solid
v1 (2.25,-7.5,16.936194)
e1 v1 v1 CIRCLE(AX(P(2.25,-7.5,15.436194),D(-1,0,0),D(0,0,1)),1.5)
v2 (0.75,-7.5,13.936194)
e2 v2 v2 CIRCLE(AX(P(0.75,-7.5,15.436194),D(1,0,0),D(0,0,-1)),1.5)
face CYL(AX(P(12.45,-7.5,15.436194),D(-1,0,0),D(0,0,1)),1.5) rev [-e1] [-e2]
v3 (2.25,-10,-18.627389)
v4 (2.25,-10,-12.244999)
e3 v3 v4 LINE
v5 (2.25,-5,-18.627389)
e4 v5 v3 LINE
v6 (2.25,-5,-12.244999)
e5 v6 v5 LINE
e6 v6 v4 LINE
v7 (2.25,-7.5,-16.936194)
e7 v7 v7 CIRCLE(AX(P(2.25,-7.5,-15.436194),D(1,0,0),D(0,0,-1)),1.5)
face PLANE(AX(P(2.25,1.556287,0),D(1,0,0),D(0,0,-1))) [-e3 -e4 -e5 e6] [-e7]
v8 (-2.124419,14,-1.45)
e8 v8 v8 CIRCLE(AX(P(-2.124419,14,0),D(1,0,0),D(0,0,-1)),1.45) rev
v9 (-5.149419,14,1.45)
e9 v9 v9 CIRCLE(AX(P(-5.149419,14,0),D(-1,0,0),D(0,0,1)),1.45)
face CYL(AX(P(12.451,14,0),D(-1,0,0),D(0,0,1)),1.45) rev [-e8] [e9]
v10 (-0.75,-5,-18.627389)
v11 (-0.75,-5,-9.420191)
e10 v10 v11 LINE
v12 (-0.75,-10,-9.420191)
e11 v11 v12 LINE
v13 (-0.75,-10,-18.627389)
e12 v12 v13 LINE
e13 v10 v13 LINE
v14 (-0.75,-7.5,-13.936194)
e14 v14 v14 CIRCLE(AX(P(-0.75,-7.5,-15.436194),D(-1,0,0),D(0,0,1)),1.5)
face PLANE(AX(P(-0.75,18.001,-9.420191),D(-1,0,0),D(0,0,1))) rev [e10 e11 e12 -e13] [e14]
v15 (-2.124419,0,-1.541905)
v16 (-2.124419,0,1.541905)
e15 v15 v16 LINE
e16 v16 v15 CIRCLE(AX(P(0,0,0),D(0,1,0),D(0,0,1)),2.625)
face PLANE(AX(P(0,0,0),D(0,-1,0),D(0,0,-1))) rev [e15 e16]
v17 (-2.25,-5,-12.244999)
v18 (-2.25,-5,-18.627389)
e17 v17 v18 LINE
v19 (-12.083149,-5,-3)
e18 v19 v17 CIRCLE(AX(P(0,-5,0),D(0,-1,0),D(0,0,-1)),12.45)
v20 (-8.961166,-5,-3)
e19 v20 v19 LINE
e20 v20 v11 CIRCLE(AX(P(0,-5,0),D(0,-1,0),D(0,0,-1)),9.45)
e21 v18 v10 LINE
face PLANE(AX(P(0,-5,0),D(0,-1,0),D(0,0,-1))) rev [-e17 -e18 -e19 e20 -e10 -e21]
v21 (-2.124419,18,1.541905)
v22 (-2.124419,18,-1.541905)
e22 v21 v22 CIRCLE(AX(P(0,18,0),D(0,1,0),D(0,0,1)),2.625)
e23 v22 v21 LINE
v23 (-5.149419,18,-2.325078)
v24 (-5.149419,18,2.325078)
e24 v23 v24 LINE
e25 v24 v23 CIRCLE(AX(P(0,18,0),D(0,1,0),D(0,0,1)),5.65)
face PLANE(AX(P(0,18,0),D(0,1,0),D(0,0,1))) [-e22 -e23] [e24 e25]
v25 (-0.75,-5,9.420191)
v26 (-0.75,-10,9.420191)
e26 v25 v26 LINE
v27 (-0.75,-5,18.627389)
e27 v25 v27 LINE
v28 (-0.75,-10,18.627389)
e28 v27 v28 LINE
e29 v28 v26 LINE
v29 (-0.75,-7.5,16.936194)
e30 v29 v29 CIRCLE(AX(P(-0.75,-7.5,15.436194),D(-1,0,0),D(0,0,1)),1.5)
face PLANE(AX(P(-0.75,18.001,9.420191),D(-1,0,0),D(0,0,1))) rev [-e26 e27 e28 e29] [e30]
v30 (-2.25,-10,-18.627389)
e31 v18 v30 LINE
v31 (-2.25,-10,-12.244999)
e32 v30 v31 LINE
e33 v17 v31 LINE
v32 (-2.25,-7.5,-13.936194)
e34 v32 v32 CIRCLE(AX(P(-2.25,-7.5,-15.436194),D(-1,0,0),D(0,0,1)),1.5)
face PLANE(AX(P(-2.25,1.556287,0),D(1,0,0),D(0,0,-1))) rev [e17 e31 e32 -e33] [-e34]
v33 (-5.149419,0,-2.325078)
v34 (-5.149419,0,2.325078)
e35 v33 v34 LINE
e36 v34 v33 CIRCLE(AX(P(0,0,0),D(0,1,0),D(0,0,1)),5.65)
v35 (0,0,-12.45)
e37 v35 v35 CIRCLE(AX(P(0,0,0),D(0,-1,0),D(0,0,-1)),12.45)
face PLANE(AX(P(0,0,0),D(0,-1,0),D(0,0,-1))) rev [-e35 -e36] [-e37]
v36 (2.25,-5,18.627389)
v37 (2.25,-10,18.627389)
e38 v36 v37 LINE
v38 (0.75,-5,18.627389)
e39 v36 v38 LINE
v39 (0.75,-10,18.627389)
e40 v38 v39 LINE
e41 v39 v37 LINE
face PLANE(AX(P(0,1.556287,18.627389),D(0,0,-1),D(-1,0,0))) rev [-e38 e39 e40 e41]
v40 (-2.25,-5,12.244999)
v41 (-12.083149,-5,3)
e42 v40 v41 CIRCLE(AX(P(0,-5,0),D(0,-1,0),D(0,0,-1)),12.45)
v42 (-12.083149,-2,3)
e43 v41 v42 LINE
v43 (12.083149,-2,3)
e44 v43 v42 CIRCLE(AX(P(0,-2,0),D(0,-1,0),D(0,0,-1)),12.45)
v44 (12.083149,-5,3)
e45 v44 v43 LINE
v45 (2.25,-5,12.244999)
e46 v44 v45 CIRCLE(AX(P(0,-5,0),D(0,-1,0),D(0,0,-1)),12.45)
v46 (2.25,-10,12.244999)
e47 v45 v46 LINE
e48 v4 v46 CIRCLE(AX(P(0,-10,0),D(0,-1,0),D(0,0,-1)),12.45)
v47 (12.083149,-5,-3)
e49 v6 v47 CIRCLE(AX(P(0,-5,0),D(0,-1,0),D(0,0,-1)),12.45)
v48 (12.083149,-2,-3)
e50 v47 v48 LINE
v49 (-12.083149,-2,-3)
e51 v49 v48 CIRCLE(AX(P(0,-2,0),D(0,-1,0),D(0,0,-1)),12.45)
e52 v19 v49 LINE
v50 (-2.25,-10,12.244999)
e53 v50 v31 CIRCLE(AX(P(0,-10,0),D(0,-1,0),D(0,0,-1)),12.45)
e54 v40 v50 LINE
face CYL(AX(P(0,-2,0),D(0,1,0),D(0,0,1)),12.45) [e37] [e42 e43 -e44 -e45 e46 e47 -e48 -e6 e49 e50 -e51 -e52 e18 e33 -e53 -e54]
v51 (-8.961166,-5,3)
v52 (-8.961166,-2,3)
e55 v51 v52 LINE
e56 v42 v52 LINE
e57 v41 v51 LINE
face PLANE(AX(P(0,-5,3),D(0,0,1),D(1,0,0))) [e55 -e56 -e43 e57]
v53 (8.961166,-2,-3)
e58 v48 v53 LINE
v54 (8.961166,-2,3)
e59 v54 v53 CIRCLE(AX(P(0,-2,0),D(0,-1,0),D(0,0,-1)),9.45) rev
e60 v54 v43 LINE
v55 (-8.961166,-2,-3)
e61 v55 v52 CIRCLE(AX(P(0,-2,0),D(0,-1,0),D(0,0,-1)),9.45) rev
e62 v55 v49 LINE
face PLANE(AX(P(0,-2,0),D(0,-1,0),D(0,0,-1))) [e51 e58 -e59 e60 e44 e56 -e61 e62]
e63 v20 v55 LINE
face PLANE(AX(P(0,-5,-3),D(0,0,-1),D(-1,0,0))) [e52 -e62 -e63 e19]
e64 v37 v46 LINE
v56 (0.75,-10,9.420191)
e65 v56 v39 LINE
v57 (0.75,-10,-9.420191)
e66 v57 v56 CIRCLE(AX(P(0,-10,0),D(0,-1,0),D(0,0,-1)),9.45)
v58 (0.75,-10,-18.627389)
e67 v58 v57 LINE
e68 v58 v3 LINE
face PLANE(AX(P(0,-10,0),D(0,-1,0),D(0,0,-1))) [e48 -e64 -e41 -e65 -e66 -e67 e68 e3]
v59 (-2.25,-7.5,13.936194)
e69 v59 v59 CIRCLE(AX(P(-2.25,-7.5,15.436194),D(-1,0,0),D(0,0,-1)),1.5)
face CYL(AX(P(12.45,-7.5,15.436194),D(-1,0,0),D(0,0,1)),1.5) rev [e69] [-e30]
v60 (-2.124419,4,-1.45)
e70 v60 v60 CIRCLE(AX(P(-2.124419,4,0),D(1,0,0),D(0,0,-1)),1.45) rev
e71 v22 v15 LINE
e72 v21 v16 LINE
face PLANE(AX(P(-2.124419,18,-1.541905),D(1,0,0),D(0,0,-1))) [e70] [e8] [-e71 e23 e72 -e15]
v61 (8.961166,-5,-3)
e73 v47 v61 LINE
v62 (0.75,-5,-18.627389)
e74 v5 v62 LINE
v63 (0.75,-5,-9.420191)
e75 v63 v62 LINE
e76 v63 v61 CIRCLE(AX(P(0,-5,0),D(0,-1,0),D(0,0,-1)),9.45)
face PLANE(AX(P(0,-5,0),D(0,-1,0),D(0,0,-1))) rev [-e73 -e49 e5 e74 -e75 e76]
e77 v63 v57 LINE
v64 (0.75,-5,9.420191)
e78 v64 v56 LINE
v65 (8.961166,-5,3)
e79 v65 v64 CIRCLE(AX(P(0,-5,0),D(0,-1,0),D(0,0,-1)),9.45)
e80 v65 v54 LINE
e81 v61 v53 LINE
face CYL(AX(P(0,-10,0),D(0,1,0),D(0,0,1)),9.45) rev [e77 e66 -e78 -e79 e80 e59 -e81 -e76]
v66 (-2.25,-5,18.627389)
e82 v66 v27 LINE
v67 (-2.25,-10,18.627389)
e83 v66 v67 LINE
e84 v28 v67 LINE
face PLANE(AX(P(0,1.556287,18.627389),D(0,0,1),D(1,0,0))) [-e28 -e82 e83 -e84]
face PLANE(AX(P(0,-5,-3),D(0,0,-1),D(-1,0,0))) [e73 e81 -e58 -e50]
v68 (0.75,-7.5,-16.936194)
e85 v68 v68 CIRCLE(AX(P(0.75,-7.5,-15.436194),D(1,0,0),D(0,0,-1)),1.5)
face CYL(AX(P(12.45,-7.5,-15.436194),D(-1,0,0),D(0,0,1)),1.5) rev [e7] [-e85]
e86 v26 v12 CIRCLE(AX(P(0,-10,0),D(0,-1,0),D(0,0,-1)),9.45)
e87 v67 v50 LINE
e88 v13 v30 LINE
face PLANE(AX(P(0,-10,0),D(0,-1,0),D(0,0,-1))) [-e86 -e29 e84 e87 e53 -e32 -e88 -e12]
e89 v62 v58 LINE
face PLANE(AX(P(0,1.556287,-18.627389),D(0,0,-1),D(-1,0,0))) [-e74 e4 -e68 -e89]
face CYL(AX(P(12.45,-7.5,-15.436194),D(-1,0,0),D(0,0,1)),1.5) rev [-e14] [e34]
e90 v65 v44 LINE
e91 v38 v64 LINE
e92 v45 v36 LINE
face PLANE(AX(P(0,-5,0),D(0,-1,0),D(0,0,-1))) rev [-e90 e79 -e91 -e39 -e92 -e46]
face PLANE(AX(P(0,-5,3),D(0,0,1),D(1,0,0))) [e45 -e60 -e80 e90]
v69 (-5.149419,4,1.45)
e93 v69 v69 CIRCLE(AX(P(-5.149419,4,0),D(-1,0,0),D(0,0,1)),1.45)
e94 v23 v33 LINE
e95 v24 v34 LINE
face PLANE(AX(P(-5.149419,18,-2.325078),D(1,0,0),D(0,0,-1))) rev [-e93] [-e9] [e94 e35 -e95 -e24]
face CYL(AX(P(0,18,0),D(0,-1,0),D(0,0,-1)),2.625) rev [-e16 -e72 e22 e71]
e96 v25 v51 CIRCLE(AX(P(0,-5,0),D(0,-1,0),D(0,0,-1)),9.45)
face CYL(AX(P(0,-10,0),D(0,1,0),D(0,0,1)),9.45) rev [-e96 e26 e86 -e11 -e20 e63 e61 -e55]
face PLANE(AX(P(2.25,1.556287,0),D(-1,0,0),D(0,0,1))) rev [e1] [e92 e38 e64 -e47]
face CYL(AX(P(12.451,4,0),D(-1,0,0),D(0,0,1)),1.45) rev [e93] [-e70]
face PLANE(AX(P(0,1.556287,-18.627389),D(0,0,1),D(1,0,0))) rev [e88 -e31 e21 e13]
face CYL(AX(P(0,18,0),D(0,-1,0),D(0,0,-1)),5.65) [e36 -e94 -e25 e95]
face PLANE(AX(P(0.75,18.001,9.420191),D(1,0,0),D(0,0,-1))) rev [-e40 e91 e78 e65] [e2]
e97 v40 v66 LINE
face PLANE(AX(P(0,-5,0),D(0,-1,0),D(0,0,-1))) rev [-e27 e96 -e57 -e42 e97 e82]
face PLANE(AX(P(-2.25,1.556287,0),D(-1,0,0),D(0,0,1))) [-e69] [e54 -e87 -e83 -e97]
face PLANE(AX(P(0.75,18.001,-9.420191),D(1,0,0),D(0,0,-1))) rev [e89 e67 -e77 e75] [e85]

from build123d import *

# Parameters (mm, degrees)
BOSS_EXTRUDE1_DEPTH = 18
SKETCH2_R           = 12.45
SKETCH2_R_2         = 9.45
BOSS_EXTRUDE2_DEPTH = 10
SKETCH3_R           = 12.45
BOSS_EXTRUDE3_DEPTH = 2
CUT_EXTRUDE1_REACH  = 30.085
SKETCH4_R           = 1.45
CUT_EXTRUDE2_START  = -8
CUT_EXTRUDE2_DEPTH  = 3
CUT_EXTRUDE3_REACH  = 35.076
BOSS_EXTRUDE4_START = -5
BOSS_EXTRUDE4_DEPTH = 5
SKETCH8_R           = 1.5
CUT_EXTRUDE4_DEPTH  = 30.783714089


with BuildPart() as part:
    # Sketch1 → Boss-Extrude1 (new body)
    with BuildSketch(Plane(origin=(0, 0, 0), x_dir=(1, 0, 0), z_dir=(0, 1, 0))):
        with BuildLine():
            Line((-5.149418526, 2.325078245), (-5.149418526, -2.325078245))
            ThreePointArc((-5.149418526, -2.325078245), (5.65, 0), (-5.149418526, 2.325078245))
        make_face()
        with BuildLine():
            Line((-2.124418526, 1.541904967), (-2.124418526, -1.541904967))
            ThreePointArc((-2.124418526, -1.541904967), (2.625, 0), (-2.124418526, 1.541904967))
        make_face(mode=Mode.SUBTRACT)
    extrude(amount=BOSS_EXTRUDE1_DEPTH)



with BuildPart() as body_2:
    # Sketch2 → Boss-Extrude2 (new body)
    with BuildSketch(Plane.XZ):
        with Locations(Location((0, 0, 0), (0, 0, 270))):
            Circle(SKETCH2_R)
        with Locations(Location((0, 0, 0), (0, 0, 270))):
            Circle(SKETCH2_R_2, mode=Mode.SUBTRACT)
    extrude(amount=BOSS_EXTRUDE2_DEPTH)


with BuildPart() as part_1:
    add(part.part)

    add(body_2.part)  # Boss-Extrude3 merges body 2
    # Sketch3 → Boss-Extrude3 (add)
    with BuildSketch(Plane.XZ):
        with Locations(Location((0, 0, 0), (0, 0, 270))):
            Circle(SKETCH3_R)
    extrude(amount=BOSS_EXTRUDE3_DEPTH)

    # Sketch4 → Cut-Extrude1 (cut, up to next)
    with BuildSketch(Plane.ZY.offset(5.149418526), mode=Mode.PRIVATE) as cut_extrude1_sk1:
        with Locations((0, 14)):
            Circle(SKETCH4_R)
    cut_extrude1_tool1 = extrude(cut_extrude1_sk1.sketch, amount=-CUT_EXTRUDE1_REACH, mode=Mode.PRIVATE) & part_1.part
    # Sketch4 → Cut-Extrude1 (cut, up to next)
    with BuildSketch(Plane.ZY.offset(5.149418526), mode=Mode.PRIVATE) as cut_extrude1_sk2:
        with Locations((0, 4)):
            Circle(SKETCH4_R)
    cut_extrude1_tool2 = extrude(cut_extrude1_sk2.sketch, amount=-CUT_EXTRUDE1_REACH, mode=Mode.PRIVATE) & part_1.part
    add(cut_extrude1_tool1.solids().sort_by_distance((-5.149419, 14, 0))[0], mode=Mode.SUBTRACT)
    add(cut_extrude1_tool2.solids().sort_by_distance((-5.149419, 4, 0))[0], mode=Mode.SUBTRACT)

    # Sketch5 → Cut-Extrude2 (cut)
    with BuildSketch(Plane.XZ.offset(10).offset(CUT_EXTRUDE2_START)):
        with BuildLine():
            Line((-8.961166219, 3), (-12.083149424, 3))
            ThreePointArc((-12.083149424, 3), (0, 12.45), (12.083149424, 3))
            Line((12.083149424, 3), (8.961166219, 3))
            ThreePointArc((8.961166219, 3), (0, 9.45), (-8.961166219, 3))
        make_face()
        with BuildLine():
            Line((-8.961166219, -3), (-12.083149424, -3))
            ThreePointArc((-12.083149424, -3), (0, -12.45), (12.083149424, -3))
            Line((12.083149424, -3), (8.961166219, -3))
            ThreePointArc((8.961166219, -3), (0, -9.45), (-8.961166219, -3))
        make_face()
    extrude(amount=CUT_EXTRUDE2_DEPTH, mode=Mode.SUBTRACT)

    # Sketch6 → Cut-Extrude3 (cut, up to next)
    with BuildSketch(Plane.XZ.offset(10), mode=Mode.PRIVATE) as cut_extrude3_sk1:
        with BuildLine():
            Line((0.75, 9.420191081), (0.75, 12.427389106))
            ThreePointArc((0.75, 12.427389106), (0, 12.45), (-0.75, 12.427389106))
            Line((-0.75, 12.427389106), (-0.75, 9.420191081))
            ThreePointArc((-0.75, 9.420191081), (0, 9.45), (0.75, 9.420191081))
        make_face()
    cut_extrude3_tool1 = extrude(cut_extrude3_sk1.sketch, amount=-CUT_EXTRUDE3_REACH, mode=Mode.PRIVATE) & part_1.part
    # Sketch6 → Cut-Extrude3 (cut, up to next)
    with BuildSketch(Plane.XZ.offset(10), mode=Mode.PRIVATE) as cut_extrude3_sk2:
        with BuildLine():
            Line((0.75, -9.420191081), (0.75, -12.427389106))
            ThreePointArc((0.75, -12.427389106), (0, -12.45), (-0.75, -12.427389106))
            Line((-0.75, -12.427389106), (-0.75, -9.420191081))
            ThreePointArc((-0.75, -9.420191081), (0, -9.45), (0.75, -9.420191081))
        make_face()
    cut_extrude3_tool2 = extrude(cut_extrude3_sk2.sketch, amount=-CUT_EXTRUDE3_REACH, mode=Mode.PRIVATE) & part_1.part
    add(cut_extrude3_tool1.solids().sort_by_distance((0, -10, 10.941262))[0], mode=Mode.SUBTRACT)
    add(cut_extrude3_tool2.solids().sort_by_distance((0, -10, -10.941262))[0], mode=Mode.SUBTRACT)

    # Sketch7 → Boss-Extrude4 (add)
    with BuildSketch(Plane.XZ.offset(10).offset(BOSS_EXTRUDE4_START)):
        with BuildLine():
            ThreePointArc((-2.25, 12.244998979), (-1.502769623, 12.35897178), (-0.75, 12.427389106))
            Line((-0.75, 12.427389106), (-0.75, 18.627389106))
            Line((-0.75, 18.627389106), (-2.25, 18.627389106))
            Line((-2.25, 18.627389106), (-2.25, 12.244998979))
        make_face()
        with BuildLine():
            Line((2.25, 12.244998979), (2.25, 18.627389106))
            Line((2.25, 18.627389106), (0.75, 18.627389106))
            Line((0.75, 18.627389106), (0.75, 12.427389106))
            ThreePointArc((0.75, 12.427389106), (1.502769623, 12.35897178), (2.25, 12.244998979))
        make_face()
        with BuildLine():
            ThreePointArc((-0.75, -12.427389106), (-1.502769623, -12.35897178), (-2.25, -12.244998979))
            Line((-2.25, -12.244998979), (-2.25, -18.627389106))
            Line((-2.25, -18.627389106), (-0.75, -18.627389106))
            Line((-0.75, -18.627389106), (-0.75, -12.427389106))
        make_face()
        with BuildLine():
            Line((2.25, -18.627389106), (2.25, -12.244998979))
            ThreePointArc((2.25, -12.244998979), (1.502769623, -12.35897178), (0.75, -12.427389106))
            Line((0.75, -12.427389106), (0.75, -18.627389106))
            Line((0.75, -18.627389106), (2.25, -18.627389106))
        make_face()
    extrude(amount=BOSS_EXTRUDE4_DEPTH)

    # Sketch8 → Cut-Extrude4 (cut, through all)
    with BuildSketch(Plane.ZY.offset(2.25)):
        with Locations(Location((-15.436194043, -7.5, 0), (0, 0, 180))):
            Circle(SKETCH8_R)
        with Locations((15.436194043, -7.5)):
            Circle(SKETCH8_R)
    extrude(amount=-CUT_EXTRUDE4_DEPTH, mode=Mode.SUBTRACT)


solid = part_1.part
